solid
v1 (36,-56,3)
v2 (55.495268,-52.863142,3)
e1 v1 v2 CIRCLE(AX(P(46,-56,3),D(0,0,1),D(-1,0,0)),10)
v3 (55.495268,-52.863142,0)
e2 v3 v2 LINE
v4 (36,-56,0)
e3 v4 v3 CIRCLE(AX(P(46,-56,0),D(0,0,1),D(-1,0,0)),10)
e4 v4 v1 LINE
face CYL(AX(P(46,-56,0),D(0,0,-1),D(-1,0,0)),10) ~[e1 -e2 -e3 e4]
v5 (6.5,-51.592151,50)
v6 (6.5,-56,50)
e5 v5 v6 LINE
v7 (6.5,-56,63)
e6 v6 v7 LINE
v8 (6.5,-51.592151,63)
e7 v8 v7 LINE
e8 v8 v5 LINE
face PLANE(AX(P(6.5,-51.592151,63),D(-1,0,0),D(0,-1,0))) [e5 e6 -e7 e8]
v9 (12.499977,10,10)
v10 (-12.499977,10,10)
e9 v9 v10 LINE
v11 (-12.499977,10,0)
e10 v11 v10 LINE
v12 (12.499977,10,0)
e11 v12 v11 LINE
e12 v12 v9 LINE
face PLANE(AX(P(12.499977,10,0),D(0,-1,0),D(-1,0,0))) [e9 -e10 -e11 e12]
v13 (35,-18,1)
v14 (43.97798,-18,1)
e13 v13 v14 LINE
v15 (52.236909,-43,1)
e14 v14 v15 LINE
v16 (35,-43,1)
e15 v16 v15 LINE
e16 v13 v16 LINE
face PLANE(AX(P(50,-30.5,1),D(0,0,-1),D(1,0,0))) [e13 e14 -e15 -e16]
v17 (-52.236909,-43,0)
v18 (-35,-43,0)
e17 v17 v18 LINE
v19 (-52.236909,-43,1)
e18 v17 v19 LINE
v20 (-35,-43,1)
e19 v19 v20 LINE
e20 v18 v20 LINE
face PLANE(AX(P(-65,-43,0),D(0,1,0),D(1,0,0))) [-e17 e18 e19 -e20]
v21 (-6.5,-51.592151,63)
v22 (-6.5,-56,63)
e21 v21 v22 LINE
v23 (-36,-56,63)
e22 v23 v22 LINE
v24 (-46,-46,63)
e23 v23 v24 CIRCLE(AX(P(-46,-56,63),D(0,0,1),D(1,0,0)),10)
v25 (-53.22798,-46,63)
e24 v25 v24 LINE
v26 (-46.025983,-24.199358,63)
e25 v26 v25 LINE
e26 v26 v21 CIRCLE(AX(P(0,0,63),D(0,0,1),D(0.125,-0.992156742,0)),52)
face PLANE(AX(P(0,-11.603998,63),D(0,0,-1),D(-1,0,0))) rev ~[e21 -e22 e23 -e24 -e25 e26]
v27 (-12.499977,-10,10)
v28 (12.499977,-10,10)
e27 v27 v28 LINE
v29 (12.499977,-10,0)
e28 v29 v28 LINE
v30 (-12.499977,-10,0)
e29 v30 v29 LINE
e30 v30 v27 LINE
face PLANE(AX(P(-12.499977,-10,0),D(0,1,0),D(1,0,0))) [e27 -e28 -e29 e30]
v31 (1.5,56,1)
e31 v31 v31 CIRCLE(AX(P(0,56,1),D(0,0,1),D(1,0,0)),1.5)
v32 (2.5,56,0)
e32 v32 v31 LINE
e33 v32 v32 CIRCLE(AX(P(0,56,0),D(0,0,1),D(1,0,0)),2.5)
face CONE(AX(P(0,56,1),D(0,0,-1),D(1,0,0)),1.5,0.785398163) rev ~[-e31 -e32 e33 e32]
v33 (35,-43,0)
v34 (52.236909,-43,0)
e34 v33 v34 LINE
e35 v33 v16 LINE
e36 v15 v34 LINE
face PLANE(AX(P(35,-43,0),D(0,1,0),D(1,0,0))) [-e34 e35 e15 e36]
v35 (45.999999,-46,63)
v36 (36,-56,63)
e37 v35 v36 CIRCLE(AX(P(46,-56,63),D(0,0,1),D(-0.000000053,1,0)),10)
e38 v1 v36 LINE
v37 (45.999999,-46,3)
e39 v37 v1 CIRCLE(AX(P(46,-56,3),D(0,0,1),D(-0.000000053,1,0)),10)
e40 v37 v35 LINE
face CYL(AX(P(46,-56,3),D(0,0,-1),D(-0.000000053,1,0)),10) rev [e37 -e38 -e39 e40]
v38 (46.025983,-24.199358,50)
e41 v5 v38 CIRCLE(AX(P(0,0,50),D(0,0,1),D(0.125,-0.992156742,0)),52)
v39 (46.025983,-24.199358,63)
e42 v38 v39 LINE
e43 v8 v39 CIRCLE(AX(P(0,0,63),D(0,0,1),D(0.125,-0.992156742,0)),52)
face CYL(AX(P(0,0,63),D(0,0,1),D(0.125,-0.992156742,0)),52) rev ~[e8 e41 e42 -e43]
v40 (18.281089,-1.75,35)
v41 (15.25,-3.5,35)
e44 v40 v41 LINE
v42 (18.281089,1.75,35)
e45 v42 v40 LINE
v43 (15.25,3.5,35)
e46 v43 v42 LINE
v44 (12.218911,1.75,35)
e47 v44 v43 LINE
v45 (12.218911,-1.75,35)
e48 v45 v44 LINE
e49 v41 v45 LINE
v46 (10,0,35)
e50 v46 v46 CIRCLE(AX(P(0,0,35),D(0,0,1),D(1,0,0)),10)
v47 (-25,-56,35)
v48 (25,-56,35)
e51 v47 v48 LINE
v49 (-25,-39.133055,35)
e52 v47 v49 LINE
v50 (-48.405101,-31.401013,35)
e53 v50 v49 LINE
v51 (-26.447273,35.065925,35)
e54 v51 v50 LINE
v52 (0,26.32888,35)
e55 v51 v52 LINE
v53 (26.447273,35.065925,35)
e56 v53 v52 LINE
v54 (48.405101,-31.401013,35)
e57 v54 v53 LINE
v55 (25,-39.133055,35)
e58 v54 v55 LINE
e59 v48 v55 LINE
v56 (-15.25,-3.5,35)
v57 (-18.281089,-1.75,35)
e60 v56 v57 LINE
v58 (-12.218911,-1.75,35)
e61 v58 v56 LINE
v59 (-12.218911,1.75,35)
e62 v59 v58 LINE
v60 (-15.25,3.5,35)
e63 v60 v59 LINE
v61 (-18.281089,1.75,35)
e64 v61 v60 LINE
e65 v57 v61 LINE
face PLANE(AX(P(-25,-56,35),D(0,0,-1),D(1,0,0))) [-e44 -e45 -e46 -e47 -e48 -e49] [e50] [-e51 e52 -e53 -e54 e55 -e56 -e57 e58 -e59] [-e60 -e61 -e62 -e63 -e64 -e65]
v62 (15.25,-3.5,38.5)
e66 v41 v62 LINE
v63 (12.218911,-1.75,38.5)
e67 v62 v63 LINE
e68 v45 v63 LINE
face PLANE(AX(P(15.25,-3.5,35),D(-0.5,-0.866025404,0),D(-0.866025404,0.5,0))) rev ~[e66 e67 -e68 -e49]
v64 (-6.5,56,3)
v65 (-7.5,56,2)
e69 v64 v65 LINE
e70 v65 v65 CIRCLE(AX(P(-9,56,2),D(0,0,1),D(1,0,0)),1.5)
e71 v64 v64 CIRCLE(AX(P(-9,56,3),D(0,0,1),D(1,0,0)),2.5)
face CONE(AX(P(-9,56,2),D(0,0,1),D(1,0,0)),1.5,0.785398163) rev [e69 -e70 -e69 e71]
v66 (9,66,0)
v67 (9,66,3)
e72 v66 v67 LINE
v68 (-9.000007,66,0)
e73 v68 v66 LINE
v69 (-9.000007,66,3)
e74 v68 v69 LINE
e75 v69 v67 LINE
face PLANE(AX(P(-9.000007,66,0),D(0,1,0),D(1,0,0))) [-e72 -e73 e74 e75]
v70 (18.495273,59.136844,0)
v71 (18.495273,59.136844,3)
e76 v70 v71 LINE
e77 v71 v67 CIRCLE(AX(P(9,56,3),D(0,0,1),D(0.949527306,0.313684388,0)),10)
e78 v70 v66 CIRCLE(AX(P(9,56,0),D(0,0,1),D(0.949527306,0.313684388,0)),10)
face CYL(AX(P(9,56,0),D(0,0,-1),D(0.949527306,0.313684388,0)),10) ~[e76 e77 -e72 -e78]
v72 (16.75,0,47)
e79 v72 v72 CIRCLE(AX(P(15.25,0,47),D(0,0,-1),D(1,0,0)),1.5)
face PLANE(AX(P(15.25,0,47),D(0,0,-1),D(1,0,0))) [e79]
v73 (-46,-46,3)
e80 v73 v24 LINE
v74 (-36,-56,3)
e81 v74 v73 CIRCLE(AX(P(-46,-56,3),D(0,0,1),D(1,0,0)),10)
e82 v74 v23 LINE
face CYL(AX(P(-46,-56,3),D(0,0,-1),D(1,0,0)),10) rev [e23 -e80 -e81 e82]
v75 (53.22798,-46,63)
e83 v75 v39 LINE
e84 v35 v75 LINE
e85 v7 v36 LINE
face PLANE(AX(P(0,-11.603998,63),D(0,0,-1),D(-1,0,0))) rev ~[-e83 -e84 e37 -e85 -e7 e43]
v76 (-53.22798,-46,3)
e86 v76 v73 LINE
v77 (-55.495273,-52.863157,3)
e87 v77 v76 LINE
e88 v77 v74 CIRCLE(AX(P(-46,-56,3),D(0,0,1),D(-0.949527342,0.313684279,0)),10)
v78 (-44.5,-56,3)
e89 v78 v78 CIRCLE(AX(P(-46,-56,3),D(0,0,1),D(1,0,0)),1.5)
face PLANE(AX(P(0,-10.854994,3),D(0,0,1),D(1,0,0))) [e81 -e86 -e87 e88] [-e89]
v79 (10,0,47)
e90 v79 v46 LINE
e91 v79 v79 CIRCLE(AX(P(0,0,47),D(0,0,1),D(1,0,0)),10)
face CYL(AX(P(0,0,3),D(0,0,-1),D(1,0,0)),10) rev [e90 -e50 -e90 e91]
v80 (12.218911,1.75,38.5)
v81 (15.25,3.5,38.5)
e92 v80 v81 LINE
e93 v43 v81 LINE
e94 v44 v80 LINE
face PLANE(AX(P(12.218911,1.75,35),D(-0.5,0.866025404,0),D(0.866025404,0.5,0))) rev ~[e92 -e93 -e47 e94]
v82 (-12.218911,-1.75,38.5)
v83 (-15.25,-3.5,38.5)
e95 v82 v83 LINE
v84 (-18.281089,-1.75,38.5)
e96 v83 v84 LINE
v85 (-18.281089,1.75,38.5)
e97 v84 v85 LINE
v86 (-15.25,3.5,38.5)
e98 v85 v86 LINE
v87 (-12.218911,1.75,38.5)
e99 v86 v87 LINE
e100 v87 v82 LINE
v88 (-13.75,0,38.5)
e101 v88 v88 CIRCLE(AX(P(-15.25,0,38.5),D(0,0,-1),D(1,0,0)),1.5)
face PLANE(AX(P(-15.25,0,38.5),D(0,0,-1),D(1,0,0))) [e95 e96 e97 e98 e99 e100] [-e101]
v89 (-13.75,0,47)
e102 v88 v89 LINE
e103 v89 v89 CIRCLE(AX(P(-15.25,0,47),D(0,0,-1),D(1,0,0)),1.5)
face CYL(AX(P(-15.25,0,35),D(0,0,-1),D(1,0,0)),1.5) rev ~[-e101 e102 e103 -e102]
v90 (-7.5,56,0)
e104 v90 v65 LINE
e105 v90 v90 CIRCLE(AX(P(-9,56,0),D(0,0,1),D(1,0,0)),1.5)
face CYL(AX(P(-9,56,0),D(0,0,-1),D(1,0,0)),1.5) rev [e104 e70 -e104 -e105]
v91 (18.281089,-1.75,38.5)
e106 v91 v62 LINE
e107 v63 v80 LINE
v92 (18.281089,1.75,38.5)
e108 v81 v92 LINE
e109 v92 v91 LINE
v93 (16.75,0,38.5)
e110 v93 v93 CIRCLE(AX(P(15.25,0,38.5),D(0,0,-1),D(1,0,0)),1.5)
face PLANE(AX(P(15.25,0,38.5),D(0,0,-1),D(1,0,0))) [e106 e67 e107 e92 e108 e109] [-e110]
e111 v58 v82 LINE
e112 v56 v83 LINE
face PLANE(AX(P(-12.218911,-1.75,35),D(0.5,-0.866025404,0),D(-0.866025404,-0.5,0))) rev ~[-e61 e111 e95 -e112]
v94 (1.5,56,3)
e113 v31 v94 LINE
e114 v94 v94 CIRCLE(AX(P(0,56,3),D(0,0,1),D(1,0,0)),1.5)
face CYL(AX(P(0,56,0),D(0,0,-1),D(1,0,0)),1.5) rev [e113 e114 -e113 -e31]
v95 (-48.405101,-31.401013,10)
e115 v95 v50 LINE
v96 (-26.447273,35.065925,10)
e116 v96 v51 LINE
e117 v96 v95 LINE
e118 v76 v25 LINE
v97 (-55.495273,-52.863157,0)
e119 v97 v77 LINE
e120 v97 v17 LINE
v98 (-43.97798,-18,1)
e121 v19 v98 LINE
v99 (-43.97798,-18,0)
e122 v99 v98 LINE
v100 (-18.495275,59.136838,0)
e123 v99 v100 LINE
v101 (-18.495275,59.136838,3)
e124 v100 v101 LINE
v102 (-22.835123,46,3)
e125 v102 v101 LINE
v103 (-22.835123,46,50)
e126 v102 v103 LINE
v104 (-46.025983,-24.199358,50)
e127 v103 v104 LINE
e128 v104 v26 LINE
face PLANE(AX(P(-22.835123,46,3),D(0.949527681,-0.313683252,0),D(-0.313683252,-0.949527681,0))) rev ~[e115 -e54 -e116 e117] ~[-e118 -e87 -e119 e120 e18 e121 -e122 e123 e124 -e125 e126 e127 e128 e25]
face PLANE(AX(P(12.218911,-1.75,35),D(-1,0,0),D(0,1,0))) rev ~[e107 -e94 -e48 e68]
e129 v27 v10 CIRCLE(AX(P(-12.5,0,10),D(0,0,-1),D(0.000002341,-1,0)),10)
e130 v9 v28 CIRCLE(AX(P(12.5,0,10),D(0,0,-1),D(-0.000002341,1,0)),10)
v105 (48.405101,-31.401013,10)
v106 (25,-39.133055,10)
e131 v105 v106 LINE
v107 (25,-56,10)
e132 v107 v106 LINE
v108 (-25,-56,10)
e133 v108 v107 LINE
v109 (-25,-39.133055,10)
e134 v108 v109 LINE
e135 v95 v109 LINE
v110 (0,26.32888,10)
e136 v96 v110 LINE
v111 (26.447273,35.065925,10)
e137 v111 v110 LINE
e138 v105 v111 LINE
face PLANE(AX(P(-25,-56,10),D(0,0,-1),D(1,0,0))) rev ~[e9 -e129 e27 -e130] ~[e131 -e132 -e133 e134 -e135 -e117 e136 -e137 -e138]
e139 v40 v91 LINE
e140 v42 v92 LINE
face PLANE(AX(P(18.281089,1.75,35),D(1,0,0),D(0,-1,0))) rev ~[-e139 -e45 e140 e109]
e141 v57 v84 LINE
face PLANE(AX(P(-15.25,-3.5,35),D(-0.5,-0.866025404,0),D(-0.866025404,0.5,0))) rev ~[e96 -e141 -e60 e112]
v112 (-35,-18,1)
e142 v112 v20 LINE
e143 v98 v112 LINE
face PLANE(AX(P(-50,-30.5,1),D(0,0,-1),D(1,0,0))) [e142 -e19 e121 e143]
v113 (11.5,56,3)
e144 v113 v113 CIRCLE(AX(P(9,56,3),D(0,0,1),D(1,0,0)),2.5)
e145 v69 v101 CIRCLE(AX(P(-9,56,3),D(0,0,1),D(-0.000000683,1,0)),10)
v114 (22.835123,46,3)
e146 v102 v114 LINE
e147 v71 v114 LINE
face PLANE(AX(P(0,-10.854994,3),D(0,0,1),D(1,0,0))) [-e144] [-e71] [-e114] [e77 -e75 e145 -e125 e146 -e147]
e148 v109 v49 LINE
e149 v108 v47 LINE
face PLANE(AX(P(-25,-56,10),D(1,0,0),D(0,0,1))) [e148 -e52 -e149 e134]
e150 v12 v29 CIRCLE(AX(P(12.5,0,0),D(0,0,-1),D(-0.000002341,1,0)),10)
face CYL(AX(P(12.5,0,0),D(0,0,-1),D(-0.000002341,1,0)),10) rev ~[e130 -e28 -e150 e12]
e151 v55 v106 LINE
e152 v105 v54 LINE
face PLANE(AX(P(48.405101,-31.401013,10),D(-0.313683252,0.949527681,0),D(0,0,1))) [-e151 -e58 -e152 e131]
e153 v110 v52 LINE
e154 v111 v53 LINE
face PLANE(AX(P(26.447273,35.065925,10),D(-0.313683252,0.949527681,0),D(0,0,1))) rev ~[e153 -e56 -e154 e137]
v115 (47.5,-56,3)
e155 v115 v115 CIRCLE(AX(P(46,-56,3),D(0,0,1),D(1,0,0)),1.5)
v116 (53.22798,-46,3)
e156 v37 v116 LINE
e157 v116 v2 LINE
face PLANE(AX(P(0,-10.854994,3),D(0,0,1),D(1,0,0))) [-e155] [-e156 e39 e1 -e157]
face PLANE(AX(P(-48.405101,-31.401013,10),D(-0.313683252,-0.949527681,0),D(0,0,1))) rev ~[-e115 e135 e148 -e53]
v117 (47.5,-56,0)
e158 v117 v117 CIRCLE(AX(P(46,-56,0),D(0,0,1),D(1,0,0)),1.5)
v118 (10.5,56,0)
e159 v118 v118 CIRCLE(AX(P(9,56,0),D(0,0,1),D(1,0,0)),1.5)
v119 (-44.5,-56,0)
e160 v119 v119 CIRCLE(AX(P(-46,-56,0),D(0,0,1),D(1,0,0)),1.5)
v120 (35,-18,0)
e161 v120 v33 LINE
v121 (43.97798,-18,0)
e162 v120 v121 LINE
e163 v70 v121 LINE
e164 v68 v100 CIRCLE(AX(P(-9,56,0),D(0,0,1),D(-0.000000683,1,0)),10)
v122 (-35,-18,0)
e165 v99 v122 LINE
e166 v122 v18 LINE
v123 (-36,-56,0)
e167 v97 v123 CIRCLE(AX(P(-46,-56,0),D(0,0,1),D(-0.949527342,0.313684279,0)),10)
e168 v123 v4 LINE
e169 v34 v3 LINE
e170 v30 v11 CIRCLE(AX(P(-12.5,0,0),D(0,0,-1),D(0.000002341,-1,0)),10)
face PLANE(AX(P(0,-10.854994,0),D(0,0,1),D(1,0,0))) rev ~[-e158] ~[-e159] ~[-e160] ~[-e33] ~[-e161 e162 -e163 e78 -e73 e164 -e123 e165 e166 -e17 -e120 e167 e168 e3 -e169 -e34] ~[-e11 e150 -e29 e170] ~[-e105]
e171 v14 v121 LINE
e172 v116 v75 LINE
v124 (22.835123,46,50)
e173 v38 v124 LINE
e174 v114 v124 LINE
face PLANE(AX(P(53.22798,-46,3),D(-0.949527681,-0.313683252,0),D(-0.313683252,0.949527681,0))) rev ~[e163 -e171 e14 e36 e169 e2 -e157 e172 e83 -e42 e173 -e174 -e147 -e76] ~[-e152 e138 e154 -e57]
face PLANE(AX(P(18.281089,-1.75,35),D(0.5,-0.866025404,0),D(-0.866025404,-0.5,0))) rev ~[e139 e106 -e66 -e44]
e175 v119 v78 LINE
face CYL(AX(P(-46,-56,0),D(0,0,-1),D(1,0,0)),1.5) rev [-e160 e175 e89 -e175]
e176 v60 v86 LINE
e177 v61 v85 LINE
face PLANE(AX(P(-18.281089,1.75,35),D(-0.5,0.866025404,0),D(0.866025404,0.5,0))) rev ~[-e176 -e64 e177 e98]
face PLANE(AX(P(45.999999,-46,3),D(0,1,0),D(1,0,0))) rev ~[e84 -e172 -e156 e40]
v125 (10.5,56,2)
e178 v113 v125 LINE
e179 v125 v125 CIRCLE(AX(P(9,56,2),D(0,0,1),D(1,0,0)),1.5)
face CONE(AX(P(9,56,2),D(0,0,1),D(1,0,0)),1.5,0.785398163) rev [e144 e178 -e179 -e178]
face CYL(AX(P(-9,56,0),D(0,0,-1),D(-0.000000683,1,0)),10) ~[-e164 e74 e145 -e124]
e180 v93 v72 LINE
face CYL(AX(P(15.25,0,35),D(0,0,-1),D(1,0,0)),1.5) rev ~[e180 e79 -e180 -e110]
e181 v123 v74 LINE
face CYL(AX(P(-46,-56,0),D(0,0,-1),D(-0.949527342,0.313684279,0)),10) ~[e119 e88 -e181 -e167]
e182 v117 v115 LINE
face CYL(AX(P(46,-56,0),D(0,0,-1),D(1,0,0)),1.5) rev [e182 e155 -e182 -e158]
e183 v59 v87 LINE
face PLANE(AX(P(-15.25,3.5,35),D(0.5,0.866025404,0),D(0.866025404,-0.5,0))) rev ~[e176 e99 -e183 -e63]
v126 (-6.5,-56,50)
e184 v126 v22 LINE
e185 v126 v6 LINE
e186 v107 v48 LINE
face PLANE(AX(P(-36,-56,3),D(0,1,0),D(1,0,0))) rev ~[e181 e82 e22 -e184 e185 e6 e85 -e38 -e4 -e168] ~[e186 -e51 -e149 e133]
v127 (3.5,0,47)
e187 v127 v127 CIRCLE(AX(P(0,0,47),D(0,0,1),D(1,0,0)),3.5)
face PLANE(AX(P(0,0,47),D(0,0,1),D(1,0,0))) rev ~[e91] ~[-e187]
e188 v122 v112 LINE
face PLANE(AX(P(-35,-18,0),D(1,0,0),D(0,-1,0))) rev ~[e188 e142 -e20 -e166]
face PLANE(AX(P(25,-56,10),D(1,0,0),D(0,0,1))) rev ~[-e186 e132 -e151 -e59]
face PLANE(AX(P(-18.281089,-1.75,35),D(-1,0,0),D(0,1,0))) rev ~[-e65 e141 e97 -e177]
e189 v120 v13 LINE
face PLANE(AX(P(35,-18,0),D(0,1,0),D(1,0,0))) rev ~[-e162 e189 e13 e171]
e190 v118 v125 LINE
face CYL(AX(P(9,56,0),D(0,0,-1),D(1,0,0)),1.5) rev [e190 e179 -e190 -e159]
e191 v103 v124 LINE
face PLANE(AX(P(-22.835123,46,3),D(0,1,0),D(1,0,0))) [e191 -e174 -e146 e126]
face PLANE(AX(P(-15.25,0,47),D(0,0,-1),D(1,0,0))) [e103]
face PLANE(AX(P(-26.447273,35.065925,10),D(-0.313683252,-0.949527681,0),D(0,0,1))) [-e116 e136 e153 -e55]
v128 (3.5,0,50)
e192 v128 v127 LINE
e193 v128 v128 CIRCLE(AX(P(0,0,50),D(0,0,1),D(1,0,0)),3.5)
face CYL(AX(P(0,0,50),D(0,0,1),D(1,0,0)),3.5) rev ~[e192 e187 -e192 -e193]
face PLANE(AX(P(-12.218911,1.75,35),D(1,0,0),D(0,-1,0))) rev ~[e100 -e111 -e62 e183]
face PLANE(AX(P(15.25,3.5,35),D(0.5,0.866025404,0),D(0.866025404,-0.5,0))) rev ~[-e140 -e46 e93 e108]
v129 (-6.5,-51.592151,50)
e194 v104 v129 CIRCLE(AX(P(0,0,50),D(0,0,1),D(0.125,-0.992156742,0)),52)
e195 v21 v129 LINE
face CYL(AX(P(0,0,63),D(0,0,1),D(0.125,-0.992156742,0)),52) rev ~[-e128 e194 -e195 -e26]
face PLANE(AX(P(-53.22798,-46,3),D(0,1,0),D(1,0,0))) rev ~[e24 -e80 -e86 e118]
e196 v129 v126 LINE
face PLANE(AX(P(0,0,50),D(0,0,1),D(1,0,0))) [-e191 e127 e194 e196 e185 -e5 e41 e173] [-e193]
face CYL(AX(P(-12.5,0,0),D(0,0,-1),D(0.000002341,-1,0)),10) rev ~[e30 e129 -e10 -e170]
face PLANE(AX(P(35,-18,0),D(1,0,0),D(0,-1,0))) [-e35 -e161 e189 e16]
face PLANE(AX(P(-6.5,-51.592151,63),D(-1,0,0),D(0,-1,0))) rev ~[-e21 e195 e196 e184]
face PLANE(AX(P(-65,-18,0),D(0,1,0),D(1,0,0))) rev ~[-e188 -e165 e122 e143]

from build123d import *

# Parameters (mm, degrees)
SKETCH_R        = 1.5
SKETCH_R_2      = 10
PAD_DEPTH       = 3
SKETCH001_R     = 10
PAD001_DEPTH    = 60
SKETCH004_W     = 70
SKETCH004_H     = 25
POCKET_DEPTH    = 30
SKETCH005_W     = 70
SKETCH005_H     = 25
POCKET001_DEPTH = 30
SKETCH006_W     = 50
SKETCH006_H     = 25
POCKET002_DEPTH = 80
POCKET003_DEPTH = 13
SKETCH008_R     = 10
SKETCH008_R_2   = 3.5
PAD002_DEPTH    = 3
CHAMFER001_SIZE = 1
SKETCH009_R     = 1.5
POCKET004_DEPTH = 12
POCKET005_DEPTH = 10
POCKET006_DEPTH = 3.5
SKETCH012_W     = 30
SKETCH012_H     = 25
POCKET007_DEPTH = 1


with BuildPart() as part:
    # Sketch → Pad (new body)
    with BuildSketch(Plane.XY):
        with BuildLine():
            ThreePointArc((-9.0000068257, 66), (-14.8579724019, 64.1045764441), (-18.4952748867, 59.1368383489))
            Line((-55.4952734203, -52.8631572125), (-18.4952748867, 59.1368383489))
            ThreePointArc((-55.4952734203, -52.8631572125), (-47.58859463, -65.8730120582), (-36, -56))
            Line((-36, -56), (36, -56))
            ThreePointArc((36, -56), (47.5886025397, -65.8730107855), (55.4952683942, -52.8631419983))
            Line((18.4952730609, 59.1368438754), (55.4952683942, -52.8631419983))
            ThreePointArc((18.4952730609, 59.1368438754), (14.8579671858, 64.1045802143), (8.9999997739, 66))
            Line((-9.0000068257, 66), (8.9999997739, 66))
        make_face()
        with Locations((-9, 56)):
            Circle(SKETCH_R, mode=Mode.SUBTRACT)
        with Locations((9, 56)):
            Circle(SKETCH_R, mode=Mode.SUBTRACT)
        with Locations((-46, -56)):
            Circle(SKETCH_R, mode=Mode.SUBTRACT)
        with Locations((46, -56)):
            Circle(SKETCH_R, mode=Mode.SUBTRACT)
        Circle(SKETCH_R_2, mode=Mode.SUBTRACT)
        with Locations((0, 56)):
            Circle(SKETCH_R, mode=Mode.SUBTRACT)
    extrude(amount=PAD_DEPTH)

    # Sketch001 (on Face16 of Pad) → Pad001 (join)
    with BuildSketch(Plane.XY.offset(3)):
        with BuildLine():
            ThreePointArc((-36, -56), (-38.9289322782, -48.9289320981), (-46.0000002547, -46))
            Line((-53.2279804126, -46), (-46.0000002547, -46))
            Line((-22.8351232698, 46), (-53.2279804126, -46))
            Line((-22.8351232698, 46), (22.8351232698, 46))
            Line((53.2279804126, -46), (22.8351232698, 46))
            Line((45.999999471, -46), (53.2279804126, -46))
            ThreePointArc((45.999999471, -46), (38.9289320011, -48.9289323752), (36, -56))
            Line((-36, -56), (36, -56))
        make_face()
        Circle(SKETCH001_R, mode=Mode.SUBTRACT)
    extrude(amount=PAD001_DEPTH)

    # Sketch004 (on Face25 of Pad001) → Pocket (cut)
    with BuildSketch(Plane(origin=(34.2893542942, 11.3277331151, 0), x_dir=(-0.3136832519, 0.9495276813, 0), z_dir=(0.9495276813, 0.3136832519, 0))):
        with Locations((-10, 22.5)):
            Rectangle(SKETCH004_W, SKETCH004_H)
    extrude(amount=-POCKET_DEPTH, mode=Mode.SUBTRACT)

    # Sketch005 (on Face9 of Pocket) → Pocket001 (cut)
    with BuildSketch(Plane(origin=(-34.2893542942, 11.3277331151, 0), x_dir=(-0.3136832519, -0.9495276813, 0), z_dir=(-0.9495276813, 0.3136832519, 0))):
        with Locations((10, 22.5)):
            Rectangle(SKETCH005_W, SKETCH005_H)
    extrude(amount=-POCKET001_DEPTH, mode=Mode.SUBTRACT)

    # Sketch006 (on Face27 of Pocket001) → Pocket002 (cut)
    with BuildSketch(Plane.XZ.offset(56)):
        with Locations((0, 22.5)):
            Rectangle(SKETCH006_W, SKETCH006_H)
    extrude(amount=-POCKET002_DEPTH, mode=Mode.SUBTRACT)

    # Sketch007 (on Face22 of Pocket002) → Pocket003 (cut)
    with BuildSketch(Plane.XY.offset(63)):
        with BuildLine():
            ThreePointArc((6.5, -51.5921505658), (0, 52), (-6.5, -51.5921505658))
            Line((-6.5, -51.5921505658), (-6.5, -56.5921505658))
            Line((6.5, -56.5921505658), (-6.5, -56.5921505658))
            Line((6.5, -51.5921505658), (6.5, -56.5921505658))
        make_face()
    extrude(amount=-POCKET003_DEPTH, mode=Mode.SUBTRACT)

    # Sketch008 → Pad002 (join)
    with BuildSketch(Plane.XY.offset(50)):
        Circle(SKETCH008_R)
        Circle(SKETCH008_R_2, mode=Mode.SUBTRACT)
    extrude(amount=-PAD002_DEPTH)

    # Chamfer001
    chamfer001_edges = [part.edges().sort_by_distance(p)[0] for p in [
        (7.5, 56, 3),
        (-10.5, 56, 3),
        (-1.5, 56, 0),
    ]]
    chamfer(chamfer001_edges, length=CHAMFER001_SIZE)

    # Sketch009 → Pocket004 (cut)
    with BuildSketch(Plane(origin=(0, 0, 35), x_dir=(1, 0, 0), z_dir=(0, 0, -1))):
        with Locations((-15.25, 0)):
            Circle(SKETCH009_R)
        with Locations((15.25, 0)):
            Circle(SKETCH009_R)
    extrude(amount=-POCKET004_DEPTH, mode=Mode.SUBTRACT)

    # Sketch010 → Pocket005 (cut)
    with BuildSketch(Plane(origin=(0, 0, 0), x_dir=(1, 0, 0), z_dir=(0, 0, -1))):
        with BuildLine():
            ThreePointArc((-12.4999765902, 10), (-22.5, 2e-10), (-12.4999765905, -10))
            Line((12.4999765907, -10), (-12.4999765905, -10))
            ThreePointArc((12.4999765907, -10), (22.5, 4e-10), (12.49997659, 10))
            Line((-12.4999765902, 10), (12.49997659, 10))
        make_face()
    extrude(amount=-POCKET005_DEPTH, mode=Mode.SUBTRACT)

    # Sketch011 (on Face62 of Pocket005) → Pocket006 (cut)
    with BuildSketch(Plane(origin=(0, 0, 35), x_dir=(1, 0, 0), z_dir=(0, 0, -1))):
        Polygon((-15.25, 3.5), (-18.2810889132, 1.75), (-18.2810889132, -1.75), (-15.25, -3.5), (-12.2189110868, -1.75), (-12.2189110868, 1.75), align=None)
        Polygon((15.25, 3.5), (12.2189110868, 1.75), (12.2189110868, -1.75), (15.25, -3.5), (18.2810889132, -1.75), (18.2810889132, 1.75), align=None)
    extrude(amount=-POCKET006_DEPTH, mode=Mode.SUBTRACT)

    # Sketch012 (on Face1 of Pocket006) → Pocket007 (cut)
    with BuildSketch(Plane(origin=(0, 0, 0), x_dir=(1, 0, 0), z_dir=(0, 0, -1))):
        with Locations((-50, 30.5)):
            Rectangle(SKETCH012_W, SKETCH012_H)
        with Locations((50, 30.5)):
            Rectangle(SKETCH012_W, SKETCH012_H)
    extrude(amount=-POCKET007_DEPTH, mode=Mode.SUBTRACT)


solid = part.part
